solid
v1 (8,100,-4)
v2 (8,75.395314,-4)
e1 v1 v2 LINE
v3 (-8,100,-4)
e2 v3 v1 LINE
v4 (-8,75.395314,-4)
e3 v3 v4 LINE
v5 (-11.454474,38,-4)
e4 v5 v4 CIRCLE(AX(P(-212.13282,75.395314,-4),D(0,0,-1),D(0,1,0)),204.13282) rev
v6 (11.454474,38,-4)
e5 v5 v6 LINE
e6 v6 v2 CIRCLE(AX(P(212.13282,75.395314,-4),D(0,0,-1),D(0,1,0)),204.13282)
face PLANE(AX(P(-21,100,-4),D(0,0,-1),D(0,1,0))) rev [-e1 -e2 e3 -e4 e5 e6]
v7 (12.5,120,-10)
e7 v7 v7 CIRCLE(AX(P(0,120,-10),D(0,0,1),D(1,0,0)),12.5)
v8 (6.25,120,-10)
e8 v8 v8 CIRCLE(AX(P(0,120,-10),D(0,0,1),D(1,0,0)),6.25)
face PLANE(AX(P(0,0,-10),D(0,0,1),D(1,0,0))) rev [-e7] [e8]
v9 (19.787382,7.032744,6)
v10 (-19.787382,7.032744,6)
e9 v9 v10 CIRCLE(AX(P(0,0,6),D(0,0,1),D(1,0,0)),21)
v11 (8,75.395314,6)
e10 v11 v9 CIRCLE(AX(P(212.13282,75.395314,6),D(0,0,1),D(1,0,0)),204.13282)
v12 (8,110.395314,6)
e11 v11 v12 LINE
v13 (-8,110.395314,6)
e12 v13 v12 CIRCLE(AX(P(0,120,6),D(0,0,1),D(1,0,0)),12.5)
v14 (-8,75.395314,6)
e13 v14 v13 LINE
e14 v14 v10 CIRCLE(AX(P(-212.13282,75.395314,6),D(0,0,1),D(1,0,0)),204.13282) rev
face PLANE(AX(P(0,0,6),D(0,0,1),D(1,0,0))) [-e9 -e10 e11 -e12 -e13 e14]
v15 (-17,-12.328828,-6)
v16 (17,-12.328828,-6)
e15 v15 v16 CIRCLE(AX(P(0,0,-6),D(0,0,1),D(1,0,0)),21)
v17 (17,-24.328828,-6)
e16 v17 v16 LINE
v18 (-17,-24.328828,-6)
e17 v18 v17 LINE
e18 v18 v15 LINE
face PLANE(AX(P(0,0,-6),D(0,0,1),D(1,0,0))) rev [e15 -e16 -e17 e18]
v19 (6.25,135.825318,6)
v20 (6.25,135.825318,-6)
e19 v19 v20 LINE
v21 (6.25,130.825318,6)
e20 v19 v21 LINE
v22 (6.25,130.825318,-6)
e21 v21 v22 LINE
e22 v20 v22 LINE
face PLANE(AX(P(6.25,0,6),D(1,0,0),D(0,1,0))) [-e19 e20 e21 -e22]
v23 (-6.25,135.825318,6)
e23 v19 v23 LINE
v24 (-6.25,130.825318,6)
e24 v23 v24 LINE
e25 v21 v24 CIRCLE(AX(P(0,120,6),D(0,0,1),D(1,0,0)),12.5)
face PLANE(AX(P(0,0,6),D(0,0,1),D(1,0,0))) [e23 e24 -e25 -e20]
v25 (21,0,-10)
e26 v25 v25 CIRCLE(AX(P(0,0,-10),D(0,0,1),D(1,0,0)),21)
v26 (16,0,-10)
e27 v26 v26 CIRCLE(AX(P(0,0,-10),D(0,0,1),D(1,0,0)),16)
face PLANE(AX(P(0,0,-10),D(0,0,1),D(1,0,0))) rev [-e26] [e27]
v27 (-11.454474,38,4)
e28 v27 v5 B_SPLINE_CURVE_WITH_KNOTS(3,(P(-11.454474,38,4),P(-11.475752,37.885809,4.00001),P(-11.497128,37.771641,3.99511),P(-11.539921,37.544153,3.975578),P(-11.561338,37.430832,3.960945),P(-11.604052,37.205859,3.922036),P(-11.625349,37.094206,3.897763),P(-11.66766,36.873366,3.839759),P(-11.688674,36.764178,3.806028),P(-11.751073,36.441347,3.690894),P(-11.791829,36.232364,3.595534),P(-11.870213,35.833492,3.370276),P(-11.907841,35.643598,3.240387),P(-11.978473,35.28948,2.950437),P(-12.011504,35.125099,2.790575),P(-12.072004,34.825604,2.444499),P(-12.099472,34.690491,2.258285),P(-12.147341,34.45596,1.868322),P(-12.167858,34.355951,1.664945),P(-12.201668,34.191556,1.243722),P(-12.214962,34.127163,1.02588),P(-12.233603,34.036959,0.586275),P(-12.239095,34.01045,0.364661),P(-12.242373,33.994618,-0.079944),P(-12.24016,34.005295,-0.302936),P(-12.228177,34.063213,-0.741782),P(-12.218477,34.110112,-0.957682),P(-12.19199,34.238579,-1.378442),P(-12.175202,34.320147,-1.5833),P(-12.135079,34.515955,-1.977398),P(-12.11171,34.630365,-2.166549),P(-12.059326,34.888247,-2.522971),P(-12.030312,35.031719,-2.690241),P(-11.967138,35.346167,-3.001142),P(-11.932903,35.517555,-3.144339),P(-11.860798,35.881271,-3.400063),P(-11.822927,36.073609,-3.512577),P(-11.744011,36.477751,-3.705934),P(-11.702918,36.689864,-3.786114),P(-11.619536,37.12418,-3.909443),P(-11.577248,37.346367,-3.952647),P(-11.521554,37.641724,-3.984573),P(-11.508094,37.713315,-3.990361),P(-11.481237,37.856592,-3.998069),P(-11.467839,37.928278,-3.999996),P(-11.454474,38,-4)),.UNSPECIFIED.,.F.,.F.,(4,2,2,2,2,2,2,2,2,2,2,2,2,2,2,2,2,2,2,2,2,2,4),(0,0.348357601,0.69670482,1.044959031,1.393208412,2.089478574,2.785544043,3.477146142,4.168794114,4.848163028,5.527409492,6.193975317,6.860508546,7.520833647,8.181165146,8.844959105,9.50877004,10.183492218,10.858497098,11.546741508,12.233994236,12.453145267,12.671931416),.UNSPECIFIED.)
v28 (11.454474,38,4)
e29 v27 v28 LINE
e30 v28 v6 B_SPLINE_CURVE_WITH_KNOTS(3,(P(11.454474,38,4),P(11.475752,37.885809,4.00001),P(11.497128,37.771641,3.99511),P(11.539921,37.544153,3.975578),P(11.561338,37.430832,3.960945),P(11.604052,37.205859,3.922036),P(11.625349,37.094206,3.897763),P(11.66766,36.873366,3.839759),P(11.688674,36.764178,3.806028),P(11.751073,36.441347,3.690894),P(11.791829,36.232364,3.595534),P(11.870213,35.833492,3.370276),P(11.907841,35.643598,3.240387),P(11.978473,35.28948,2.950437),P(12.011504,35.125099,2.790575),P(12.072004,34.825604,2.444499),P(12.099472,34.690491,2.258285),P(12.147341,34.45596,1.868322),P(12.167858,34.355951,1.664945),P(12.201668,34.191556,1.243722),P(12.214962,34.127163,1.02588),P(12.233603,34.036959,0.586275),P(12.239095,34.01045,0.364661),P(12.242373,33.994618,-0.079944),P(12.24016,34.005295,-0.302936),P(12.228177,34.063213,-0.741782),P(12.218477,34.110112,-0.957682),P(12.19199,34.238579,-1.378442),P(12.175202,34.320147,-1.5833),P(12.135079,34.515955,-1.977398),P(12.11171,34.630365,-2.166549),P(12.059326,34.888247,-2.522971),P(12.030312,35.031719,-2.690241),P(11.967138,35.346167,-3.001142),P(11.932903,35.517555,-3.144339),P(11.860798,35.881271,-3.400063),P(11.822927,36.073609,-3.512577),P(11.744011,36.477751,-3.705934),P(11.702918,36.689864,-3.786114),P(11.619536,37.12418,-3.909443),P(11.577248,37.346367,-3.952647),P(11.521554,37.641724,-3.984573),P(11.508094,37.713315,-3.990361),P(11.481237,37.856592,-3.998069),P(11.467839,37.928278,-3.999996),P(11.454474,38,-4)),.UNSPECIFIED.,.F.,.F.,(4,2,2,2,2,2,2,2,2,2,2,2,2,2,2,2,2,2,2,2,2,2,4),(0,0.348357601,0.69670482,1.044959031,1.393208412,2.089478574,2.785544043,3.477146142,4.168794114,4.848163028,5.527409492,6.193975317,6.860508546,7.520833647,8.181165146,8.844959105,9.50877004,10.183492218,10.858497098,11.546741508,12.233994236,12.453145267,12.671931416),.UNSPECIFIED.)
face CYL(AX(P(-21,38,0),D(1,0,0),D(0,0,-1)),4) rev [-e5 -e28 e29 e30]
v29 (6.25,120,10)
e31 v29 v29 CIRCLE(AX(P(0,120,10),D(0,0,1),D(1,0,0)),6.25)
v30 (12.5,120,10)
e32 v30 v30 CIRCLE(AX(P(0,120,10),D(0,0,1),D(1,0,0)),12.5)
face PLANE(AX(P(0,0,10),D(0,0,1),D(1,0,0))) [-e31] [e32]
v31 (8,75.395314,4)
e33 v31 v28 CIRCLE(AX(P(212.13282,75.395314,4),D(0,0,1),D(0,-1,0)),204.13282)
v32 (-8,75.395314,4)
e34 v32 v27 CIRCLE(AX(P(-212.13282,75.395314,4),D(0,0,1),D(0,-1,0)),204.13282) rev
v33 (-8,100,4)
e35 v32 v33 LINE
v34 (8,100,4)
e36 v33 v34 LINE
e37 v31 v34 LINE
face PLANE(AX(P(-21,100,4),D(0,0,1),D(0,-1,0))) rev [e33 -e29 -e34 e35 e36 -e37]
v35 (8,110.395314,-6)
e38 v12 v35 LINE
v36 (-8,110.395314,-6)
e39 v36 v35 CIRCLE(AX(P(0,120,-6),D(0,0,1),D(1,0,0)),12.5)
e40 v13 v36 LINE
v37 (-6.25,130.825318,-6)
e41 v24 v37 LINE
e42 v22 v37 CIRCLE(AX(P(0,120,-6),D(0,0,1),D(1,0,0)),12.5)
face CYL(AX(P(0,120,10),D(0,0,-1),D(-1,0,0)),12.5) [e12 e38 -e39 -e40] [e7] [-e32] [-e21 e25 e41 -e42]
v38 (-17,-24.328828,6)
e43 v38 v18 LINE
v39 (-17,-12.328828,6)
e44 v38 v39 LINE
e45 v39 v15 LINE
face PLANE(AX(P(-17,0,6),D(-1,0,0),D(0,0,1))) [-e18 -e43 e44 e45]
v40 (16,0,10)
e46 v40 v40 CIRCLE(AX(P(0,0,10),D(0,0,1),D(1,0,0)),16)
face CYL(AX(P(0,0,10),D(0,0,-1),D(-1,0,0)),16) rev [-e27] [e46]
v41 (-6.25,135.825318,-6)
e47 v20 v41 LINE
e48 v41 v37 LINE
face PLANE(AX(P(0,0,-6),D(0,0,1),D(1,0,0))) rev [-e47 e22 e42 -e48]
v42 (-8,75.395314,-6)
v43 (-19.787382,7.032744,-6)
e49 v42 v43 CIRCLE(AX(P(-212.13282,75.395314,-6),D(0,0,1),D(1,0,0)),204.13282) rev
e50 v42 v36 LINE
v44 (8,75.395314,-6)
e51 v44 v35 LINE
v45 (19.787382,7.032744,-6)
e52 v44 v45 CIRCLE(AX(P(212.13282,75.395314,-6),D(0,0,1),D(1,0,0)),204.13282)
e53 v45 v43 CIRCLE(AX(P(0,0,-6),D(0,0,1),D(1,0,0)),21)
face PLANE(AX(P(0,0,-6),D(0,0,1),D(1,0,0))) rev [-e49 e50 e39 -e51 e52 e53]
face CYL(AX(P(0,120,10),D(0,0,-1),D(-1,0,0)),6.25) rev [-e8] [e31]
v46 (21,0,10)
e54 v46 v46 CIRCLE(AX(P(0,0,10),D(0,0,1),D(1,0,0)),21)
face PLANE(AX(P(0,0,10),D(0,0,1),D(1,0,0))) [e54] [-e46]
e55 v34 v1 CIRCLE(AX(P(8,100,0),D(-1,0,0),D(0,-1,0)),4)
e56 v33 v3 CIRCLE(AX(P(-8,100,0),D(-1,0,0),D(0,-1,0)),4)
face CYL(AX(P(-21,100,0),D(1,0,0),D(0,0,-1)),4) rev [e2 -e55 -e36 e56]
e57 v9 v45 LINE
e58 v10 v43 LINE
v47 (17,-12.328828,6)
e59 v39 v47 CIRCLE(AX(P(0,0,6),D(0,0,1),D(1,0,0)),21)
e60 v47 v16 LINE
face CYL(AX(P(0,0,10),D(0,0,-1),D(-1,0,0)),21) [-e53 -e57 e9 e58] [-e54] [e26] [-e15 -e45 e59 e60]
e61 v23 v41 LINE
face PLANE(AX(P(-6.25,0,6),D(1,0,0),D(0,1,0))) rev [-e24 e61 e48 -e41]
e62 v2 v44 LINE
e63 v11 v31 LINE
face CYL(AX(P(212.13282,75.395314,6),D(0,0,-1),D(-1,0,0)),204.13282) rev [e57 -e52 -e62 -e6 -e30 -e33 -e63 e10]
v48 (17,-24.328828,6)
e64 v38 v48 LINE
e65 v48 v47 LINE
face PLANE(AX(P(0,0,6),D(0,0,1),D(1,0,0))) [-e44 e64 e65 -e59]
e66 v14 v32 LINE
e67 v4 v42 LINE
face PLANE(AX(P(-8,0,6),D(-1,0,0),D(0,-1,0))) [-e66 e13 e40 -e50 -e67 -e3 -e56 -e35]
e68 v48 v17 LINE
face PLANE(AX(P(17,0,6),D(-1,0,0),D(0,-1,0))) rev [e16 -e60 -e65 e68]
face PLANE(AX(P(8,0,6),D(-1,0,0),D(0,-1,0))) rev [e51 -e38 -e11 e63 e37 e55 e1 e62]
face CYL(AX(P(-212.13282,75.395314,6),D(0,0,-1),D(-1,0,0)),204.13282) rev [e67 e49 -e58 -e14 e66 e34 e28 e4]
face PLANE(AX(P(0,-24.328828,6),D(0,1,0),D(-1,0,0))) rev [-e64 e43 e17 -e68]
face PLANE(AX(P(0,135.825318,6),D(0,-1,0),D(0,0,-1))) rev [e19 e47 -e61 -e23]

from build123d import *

# Parameters (mm, degrees)
SKETCH1_R               = 21
SKETCH1_R_2             = 16
BOSS_EXTRUDE1_DEPTH     = 10
SKETCH1_R_3             = 12.5
SKETCH1_R_4             = 6.25
BOSS_EXTRUDE1_2_DEPTH   = 10
BOSS_EXTRUDE2_DEPTH     = 6
CUT_EXTRUDE1_START      = -6
CUT_EXTRUDE1_DEPTH      = 22
CUT_EXTRUDE1_DEPTH_BACK = 16


with BuildPart() as part:
    # Sketch1 → Boss-Extrude1 (new body, symmetric)
    with BuildSketch(Plane.XY):
        Circle(SKETCH1_R)
        Circle(SKETCH1_R_2, mode=Mode.SUBTRACT)
    extrude(amount=BOSS_EXTRUDE1_DEPTH, both=True)



with BuildPart() as body_2:
    # Sketch1 → Boss-Extrude1 2 (new body, symmetric)
    with BuildSketch(Plane.XY):
        with Locations((0, 120)):
            Circle(SKETCH1_R_3)
        with Locations((0, 120)):
            Circle(SKETCH1_R_4, mode=Mode.SUBTRACT)
    extrude(amount=BOSS_EXTRUDE1_2_DEPTH, both=True)


with BuildPart() as part_1:
    add(part.part)

    add(body_2.part)  # Boss-Extrude2 merges body 2
    # Sketch1<4> → Boss-Extrude2 (add, symmetric)
    with BuildSketch(Plane.XY):
        with BuildLine():
            Line((-8, 110.395313644), (-8, 75.395313644))
            ThreePointArc((-8, 75.395313644), (-10.96842855, 40.709642053), (-19.787382488, 7.032744434))
            ThreePointArc((-19.787382488, 7.032744434), (0, 21), (19.787382488, 7.032744434))
            ThreePointArc((19.787382488, 7.032744434), (10.96842855, 40.709642053), (8, 75.395313644))
            Line((8, 75.395313644), (8, 110.395313644))
            ThreePointArc((8, 110.395313644), (0, 107.5), (-8, 110.395313644))
        make_face()
        with BuildLine():
            Line((-6.25, 135.825317547), (-6.25, 130.825317547))
            ThreePointArc((-6.25, 130.825317547), (0, 132.5), (6.25, 130.825317547))
            Line((6.25, 130.825317547), (6.25, 135.825317547))
            Line((6.25, 135.825317547), (-6.25, 135.825317547))
        make_face()
        with BuildLine():
            ThreePointArc((17, -12.328828006), (0, -21), (-17, -12.328828006))
            Line((-17, -12.328828006), (-17, -24.328828006))
            Line((-17, -24.328828006), (17, -24.328828006))
            Line((17, -24.328828006), (17, -12.328828006))
        make_face()
    extrude(amount=BOSS_EXTRUDE2_DEPTH, both=True)

    # Sketch2 → Cut-Extrude1 (cut, two sides)
    with BuildSketch(Plane(origin=(0, 0, 0), x_dir=(0, 0, -1), z_dir=(1, 0, 0)).offset(CUT_EXTRUDE1_START)) as cut_extrude1_sk:
        with BuildLine():
            Line((4, 100), (4, 38))
            ThreePointArc((4, 38), (0, 34), (-4, 38))
            Line((-4, 38), (-4, 100))
            ThreePointArc((-4, 100), (0, 104), (4, 100))
        make_face()
    extrude(amount=CUT_EXTRUDE1_DEPTH, mode=Mode.SUBTRACT)
    extrude(cut_extrude1_sk.sketch, amount=-CUT_EXTRUDE1_DEPTH_BACK, mode=Mode.SUBTRACT)


solid = part_1.part
